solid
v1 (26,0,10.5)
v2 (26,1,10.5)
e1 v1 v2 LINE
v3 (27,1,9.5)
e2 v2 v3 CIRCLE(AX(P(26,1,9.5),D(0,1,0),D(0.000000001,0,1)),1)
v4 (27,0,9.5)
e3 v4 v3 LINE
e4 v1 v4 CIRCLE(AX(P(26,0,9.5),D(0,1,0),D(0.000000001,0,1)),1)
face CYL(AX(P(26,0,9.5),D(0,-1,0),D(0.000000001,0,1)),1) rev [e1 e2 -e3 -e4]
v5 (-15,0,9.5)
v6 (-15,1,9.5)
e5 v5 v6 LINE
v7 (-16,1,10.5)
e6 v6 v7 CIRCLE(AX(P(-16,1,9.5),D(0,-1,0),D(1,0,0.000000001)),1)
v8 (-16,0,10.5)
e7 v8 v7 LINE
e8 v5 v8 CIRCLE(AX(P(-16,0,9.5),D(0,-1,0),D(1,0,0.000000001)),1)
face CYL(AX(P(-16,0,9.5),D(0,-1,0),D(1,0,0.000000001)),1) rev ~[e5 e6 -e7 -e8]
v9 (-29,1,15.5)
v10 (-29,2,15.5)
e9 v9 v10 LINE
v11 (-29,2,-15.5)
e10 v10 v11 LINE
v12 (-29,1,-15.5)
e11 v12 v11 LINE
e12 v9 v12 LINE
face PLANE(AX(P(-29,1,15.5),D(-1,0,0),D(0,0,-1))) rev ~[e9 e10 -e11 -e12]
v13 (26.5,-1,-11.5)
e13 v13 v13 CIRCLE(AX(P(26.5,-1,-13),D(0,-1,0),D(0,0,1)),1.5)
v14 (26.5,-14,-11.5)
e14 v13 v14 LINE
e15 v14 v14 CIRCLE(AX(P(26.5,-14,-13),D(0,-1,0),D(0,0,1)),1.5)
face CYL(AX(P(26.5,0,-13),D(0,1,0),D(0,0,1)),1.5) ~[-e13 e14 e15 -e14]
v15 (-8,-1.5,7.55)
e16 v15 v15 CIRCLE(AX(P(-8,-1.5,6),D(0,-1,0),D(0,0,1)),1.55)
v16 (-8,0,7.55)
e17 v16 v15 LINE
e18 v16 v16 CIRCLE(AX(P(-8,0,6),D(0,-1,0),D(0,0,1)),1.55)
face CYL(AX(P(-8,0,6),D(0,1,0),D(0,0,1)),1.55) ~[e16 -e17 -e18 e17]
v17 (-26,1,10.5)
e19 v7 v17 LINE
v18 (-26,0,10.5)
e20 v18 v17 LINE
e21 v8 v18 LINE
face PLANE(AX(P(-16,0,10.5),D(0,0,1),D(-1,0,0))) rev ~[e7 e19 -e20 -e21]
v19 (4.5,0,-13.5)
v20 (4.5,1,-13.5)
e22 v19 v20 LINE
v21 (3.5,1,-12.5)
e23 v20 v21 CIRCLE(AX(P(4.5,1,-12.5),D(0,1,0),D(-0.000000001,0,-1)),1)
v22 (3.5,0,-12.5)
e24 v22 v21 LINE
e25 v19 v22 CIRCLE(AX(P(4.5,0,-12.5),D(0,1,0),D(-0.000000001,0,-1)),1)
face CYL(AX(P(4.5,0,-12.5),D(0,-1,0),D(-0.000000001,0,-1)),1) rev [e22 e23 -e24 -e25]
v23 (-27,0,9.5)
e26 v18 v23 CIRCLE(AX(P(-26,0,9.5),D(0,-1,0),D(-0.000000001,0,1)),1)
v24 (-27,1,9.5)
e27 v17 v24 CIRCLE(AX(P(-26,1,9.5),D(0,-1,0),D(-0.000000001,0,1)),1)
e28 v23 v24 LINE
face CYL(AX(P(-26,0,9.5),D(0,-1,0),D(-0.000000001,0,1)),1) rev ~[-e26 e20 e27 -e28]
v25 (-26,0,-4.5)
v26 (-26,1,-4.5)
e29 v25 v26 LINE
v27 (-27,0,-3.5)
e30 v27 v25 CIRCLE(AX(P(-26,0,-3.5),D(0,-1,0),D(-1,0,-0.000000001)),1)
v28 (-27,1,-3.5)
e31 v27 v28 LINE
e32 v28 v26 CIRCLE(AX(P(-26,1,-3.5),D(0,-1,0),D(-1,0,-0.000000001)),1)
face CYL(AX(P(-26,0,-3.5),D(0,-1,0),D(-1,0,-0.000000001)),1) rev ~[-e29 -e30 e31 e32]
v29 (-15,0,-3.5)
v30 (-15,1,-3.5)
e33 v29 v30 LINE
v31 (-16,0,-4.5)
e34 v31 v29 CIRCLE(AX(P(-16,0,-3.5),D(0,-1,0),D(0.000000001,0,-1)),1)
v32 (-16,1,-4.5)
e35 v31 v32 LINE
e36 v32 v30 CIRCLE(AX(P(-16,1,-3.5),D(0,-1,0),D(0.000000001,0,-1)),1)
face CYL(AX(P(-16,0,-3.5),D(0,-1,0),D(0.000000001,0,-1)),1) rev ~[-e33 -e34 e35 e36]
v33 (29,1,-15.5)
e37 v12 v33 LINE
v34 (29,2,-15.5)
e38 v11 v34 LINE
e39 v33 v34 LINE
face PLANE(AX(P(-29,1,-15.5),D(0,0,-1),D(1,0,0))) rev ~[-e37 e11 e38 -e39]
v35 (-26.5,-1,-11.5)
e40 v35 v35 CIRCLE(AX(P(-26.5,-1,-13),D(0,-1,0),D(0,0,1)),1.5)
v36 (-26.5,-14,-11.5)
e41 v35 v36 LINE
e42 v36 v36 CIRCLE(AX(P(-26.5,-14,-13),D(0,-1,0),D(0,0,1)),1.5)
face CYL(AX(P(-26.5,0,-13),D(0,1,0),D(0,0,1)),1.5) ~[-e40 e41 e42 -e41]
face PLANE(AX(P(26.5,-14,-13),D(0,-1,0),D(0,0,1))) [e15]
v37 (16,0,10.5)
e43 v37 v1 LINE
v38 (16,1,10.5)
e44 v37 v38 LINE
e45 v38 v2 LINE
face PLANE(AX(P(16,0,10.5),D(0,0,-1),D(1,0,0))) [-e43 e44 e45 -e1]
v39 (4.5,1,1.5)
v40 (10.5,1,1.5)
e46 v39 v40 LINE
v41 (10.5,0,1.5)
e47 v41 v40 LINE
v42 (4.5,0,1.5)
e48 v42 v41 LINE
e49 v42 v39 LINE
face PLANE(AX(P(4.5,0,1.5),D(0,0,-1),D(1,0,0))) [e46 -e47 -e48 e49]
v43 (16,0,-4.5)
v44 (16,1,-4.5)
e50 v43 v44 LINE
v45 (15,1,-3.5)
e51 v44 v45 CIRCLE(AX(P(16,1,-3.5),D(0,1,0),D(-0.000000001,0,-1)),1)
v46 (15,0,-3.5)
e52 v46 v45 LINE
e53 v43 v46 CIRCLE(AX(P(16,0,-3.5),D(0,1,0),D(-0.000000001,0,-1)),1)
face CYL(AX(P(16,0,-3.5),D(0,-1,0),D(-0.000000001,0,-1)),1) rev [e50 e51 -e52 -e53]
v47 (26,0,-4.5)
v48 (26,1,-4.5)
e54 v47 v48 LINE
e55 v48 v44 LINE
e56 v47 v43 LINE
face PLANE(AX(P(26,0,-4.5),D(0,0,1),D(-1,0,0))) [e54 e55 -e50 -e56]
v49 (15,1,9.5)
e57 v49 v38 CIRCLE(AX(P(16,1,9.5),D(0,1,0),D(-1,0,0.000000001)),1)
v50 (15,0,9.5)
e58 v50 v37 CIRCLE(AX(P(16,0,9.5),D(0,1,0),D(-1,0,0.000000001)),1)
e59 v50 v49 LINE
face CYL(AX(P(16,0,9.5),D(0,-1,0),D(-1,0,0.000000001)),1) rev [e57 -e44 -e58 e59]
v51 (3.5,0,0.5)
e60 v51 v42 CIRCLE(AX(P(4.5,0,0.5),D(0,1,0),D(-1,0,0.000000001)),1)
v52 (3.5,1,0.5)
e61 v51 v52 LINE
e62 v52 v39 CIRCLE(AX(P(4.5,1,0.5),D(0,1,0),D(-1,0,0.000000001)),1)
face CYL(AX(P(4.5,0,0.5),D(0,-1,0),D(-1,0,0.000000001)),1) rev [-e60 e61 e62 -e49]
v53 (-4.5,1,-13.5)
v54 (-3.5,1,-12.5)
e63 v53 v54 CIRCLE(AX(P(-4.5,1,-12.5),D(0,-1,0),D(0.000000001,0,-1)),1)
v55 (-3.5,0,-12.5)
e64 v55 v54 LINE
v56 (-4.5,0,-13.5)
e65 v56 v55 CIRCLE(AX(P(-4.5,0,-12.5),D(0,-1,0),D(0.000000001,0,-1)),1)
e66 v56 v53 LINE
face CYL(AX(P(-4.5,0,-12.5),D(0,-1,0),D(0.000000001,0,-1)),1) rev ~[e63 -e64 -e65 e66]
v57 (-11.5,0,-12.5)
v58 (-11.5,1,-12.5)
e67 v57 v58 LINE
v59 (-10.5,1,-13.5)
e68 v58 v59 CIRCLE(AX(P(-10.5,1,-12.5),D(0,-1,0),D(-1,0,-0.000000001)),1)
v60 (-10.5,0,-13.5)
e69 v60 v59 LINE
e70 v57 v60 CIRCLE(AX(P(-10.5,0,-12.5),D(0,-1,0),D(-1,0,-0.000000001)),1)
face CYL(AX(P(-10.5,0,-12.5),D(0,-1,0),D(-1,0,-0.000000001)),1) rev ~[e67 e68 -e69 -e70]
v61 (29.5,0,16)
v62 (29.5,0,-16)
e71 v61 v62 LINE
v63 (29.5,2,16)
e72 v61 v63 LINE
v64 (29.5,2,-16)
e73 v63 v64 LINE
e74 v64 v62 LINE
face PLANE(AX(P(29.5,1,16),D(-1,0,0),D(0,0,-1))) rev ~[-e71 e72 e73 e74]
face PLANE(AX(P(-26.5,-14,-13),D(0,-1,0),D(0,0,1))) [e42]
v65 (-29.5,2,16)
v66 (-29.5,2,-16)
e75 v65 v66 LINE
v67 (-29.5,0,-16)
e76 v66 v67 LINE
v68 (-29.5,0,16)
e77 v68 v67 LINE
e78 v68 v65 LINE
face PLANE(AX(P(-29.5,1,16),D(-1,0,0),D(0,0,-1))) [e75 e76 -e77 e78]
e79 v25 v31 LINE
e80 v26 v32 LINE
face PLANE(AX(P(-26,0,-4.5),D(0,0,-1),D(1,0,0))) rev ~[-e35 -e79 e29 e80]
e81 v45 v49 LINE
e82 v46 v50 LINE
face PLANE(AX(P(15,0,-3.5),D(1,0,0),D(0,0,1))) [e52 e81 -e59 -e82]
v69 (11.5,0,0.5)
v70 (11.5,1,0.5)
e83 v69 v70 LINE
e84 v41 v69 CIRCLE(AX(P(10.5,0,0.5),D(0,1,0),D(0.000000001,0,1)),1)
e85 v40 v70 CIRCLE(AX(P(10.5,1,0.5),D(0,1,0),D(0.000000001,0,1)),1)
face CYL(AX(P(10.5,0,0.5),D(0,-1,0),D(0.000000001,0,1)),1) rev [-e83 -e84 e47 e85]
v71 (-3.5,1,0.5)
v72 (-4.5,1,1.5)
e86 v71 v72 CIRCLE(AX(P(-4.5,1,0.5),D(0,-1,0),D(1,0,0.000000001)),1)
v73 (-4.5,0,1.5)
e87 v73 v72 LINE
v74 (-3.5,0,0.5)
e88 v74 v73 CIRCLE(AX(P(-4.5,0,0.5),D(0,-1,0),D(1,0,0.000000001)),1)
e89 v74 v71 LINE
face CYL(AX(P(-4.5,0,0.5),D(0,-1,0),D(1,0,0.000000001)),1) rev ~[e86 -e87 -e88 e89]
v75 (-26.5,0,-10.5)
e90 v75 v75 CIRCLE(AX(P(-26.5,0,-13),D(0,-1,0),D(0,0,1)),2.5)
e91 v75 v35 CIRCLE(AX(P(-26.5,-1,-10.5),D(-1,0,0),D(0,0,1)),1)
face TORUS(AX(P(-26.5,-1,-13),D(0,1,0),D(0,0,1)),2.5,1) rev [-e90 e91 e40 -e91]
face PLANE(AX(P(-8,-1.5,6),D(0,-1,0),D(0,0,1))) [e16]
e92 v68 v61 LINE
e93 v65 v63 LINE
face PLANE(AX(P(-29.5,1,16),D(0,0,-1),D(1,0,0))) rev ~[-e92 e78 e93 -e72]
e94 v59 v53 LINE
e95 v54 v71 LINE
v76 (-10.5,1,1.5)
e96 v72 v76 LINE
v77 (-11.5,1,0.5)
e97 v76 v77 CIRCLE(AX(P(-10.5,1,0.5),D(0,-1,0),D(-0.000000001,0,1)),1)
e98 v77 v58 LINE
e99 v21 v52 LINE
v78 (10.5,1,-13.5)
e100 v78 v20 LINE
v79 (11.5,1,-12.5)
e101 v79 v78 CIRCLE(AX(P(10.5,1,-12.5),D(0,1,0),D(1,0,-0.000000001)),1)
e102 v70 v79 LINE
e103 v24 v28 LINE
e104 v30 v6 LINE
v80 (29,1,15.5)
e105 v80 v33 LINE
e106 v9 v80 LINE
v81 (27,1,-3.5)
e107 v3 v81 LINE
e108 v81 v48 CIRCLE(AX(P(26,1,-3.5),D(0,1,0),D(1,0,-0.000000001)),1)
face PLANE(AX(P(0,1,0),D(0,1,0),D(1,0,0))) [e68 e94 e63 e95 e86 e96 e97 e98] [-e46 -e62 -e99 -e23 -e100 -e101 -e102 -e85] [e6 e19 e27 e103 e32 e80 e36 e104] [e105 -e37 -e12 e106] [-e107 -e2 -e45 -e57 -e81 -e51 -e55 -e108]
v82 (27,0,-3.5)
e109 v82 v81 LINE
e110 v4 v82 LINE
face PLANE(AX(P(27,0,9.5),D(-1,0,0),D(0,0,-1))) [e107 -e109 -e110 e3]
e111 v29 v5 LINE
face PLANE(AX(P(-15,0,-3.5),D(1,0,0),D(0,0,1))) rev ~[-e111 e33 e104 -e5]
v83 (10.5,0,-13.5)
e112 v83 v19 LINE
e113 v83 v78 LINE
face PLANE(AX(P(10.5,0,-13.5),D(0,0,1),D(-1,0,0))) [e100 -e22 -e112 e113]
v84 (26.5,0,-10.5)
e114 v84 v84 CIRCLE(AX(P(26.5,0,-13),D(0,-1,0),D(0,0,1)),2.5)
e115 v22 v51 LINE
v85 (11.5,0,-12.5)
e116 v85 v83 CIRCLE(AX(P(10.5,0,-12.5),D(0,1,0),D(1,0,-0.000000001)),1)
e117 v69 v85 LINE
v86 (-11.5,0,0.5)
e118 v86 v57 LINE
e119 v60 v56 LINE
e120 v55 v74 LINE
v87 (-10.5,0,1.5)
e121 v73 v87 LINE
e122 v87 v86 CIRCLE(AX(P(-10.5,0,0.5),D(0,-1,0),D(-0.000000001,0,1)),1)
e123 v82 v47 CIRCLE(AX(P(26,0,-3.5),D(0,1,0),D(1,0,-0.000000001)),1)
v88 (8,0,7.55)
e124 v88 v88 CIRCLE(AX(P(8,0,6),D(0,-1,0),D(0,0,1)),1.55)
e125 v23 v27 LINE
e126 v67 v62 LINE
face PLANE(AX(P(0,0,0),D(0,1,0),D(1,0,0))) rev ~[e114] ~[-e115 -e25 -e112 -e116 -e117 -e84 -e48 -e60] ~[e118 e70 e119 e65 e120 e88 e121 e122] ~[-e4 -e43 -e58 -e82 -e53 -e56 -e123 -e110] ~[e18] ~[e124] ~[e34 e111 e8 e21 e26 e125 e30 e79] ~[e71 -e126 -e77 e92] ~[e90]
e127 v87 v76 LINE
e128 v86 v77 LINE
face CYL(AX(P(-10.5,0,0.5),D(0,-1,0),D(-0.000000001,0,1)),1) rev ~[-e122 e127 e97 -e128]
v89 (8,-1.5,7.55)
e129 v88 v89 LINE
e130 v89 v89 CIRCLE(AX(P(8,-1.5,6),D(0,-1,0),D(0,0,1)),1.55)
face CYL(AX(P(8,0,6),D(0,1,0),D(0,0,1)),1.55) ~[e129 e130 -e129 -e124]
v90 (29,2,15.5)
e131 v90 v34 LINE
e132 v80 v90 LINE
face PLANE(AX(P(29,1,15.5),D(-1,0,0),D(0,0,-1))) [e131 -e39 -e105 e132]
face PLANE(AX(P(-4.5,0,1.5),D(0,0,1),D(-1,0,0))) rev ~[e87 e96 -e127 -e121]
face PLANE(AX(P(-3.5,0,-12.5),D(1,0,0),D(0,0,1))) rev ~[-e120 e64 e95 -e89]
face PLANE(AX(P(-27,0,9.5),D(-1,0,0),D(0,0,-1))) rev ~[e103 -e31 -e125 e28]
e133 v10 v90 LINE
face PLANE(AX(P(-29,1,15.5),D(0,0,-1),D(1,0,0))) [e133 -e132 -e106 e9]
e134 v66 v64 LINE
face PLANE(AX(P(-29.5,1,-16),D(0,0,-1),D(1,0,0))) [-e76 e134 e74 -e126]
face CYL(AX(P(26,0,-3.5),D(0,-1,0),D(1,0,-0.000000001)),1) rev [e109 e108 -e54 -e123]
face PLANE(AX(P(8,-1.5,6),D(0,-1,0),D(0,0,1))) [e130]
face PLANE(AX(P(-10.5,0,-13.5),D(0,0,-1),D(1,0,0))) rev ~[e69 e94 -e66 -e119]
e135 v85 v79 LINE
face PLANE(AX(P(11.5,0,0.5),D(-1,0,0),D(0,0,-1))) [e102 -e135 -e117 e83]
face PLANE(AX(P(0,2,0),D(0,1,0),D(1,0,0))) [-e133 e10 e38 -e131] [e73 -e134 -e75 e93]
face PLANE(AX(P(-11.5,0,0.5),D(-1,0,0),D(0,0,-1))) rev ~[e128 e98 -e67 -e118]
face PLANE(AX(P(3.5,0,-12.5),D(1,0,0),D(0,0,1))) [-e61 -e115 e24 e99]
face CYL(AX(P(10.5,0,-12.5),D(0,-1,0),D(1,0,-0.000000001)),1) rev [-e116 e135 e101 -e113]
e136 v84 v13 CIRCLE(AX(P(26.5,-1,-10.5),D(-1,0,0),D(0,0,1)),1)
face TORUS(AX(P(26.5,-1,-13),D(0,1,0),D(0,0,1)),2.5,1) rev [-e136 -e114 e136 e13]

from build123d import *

# Parameters (mm, degrees)
SKIZZE1_W                       = 59
SKIZZE1_H                       = 32
AUFSATZ_LINEAR_AUSTRAGEN1_DEPTH = 1
SKIZZE3_W                       = 59
SKIZZE3_H                       = 32
SKIZZE3_W_2                     = 58
SKIZZE3_H_2                     = 31
AUFSATZ_LINEAR_AUSTRAGEN2_DEPTH = 1
SKIZZE4_R                       = 1.55
AUFSATZ_LINEAR_AUSTRAGEN3_DEPTH = 1.5
SKIZZE5_R                       = 1.5
AUFSATZ_LINEAR_AUSTRAGEN4_DEPTH = 14
VERRUNDUNG3_R                   = 1
SCHNITT_LINEAR_AUSTRAGEN2_DEPTH = 1


with BuildPart() as part:
    # Skizze1 → Aufsatz-Linear austragen1 (new body)
    with BuildSketch(Plane(origin=(0, 0, 0), x_dir=(1, 0, 0), z_dir=(0, 1, 0))):
        Rectangle(SKIZZE1_W, SKIZZE1_H)
    extrude(amount=AUFSATZ_LINEAR_AUSTRAGEN1_DEPTH)

    # Skizze3 → Aufsatz-Linear austragen2 (add)
    with BuildSketch(Plane(origin=(0, 1, 0), x_dir=(1, 0, 0), z_dir=(0, 1, 0))):
        Rectangle(SKIZZE3_W, SKIZZE3_H)
        Rectangle(SKIZZE3_W_2, SKIZZE3_H_2, mode=Mode.SUBTRACT)
    extrude(amount=AUFSATZ_LINEAR_AUSTRAGEN2_DEPTH)

    # Skizze4 → Aufsatz-Linear austragen3 (add)
    with BuildSketch(Plane.XZ):
        with Locations(Location((8, 6, 0), (0, 0, 90))):
            Circle(SKIZZE4_R)
        with Locations(Location((-8, 6, 0), (0, 0, 90))):
            Circle(SKIZZE4_R)
    extrude(amount=AUFSATZ_LINEAR_AUSTRAGEN3_DEPTH)

    # Skizze5 → Aufsatz-Linear austragen4 (add)
    with BuildSketch(Plane.XZ):
        with Locations(Location((26.5, -13, 0), (0, 0, 90))):
            Circle(SKIZZE5_R)
        with Locations(Location((-26.5, -13, 0), (0, 0, 90))):
            Circle(SKIZZE5_R)
    extrude(amount=AUFSATZ_LINEAR_AUSTRAGEN4_DEPTH)

    # Verrundung3
    verrundung3_edges = [part.edges().sort_by_distance(p)[0] for p in [
        (26.5, 0, -14.5),
        (-26.5, 0, -14.5),
    ]]
    fillet(verrundung3_edges, radius=VERRUNDUNG3_R)

    # Skizze6 → Schnitt-Linear austragen2 (cut)
    with BuildSketch(Plane.XZ):
        with BuildLine():
            Line((16, 10.5), (26, 10.5))
            ThreePointArc((26, 10.5), (26.707106781, 10.207106781), (27, 9.5))
            Line((27, 9.5), (27, -3.5))
            ThreePointArc((27, -3.5), (26.707106781, -4.207106781), (26, -4.5))
            Line((26, -4.5), (16, -4.5))
            ThreePointArc((16, -4.5), (15.292893219, -4.207106781), (15, -3.5))
            Line((15, -3.5), (15, 9.5))
            ThreePointArc((15, 9.5), (15.292893219, 10.207106781), (16, 10.5))
        make_face()
        with BuildLine():
            Line((4.5, 1.5), (10.5, 1.5))
            ThreePointArc((10.5, 1.5), (11.207106781, 1.207106781), (11.5, 0.5))
            Line((11.5, 0.5), (11.5, -12.5))
            ThreePointArc((11.5, -12.5), (11.207106781, -13.207106781), (10.5, -13.5))
            Line((10.5, -13.5), (4.5, -13.5))
            ThreePointArc((4.5, -13.5), (3.792893219, -13.207106781), (3.5, -12.5))
            Line((3.5, -12.5), (3.5, 0.5))
            ThreePointArc((3.5, 0.5), (3.792893219, 1.207106781), (4.5, 1.5))
        make_face()
        with BuildLine():
            Line((-11.5, 0.5), (-11.5, -12.5))
            ThreePointArc((-11.5, -12.5), (-11.207106781, -13.207106781), (-10.5, -13.5))
            Line((-10.5, -13.5), (-4.5, -13.5))
            ThreePointArc((-4.5, -13.5), (-3.792893219, -13.207106781), (-3.5, -12.5))
            Line((-3.5, -12.5), (-3.5, 0.5))
            ThreePointArc((-3.5, 0.5), (-3.792893219, 1.207106781), (-4.5, 1.5))
            Line((-4.5, 1.5), (-10.5, 1.5))
            ThreePointArc((-10.5, 1.5), (-11.207106781, 1.207106781), (-11.5, 0.5))
        make_face()
        with BuildLine():
            Line((-27, 9.5), (-27, -3.5))
            ThreePointArc((-27, -3.5), (-26.707106781, -4.207106781), (-26, -4.5))
            Line((-26, -4.5), (-16, -4.5))
            ThreePointArc((-16, -4.5), (-15.292893219, -4.207106781), (-15, -3.5))
            Line((-15, -3.5), (-15, 9.5))
            ThreePointArc((-15, 9.5), (-15.292893219, 10.207106781), (-16, 10.5))
            Line((-16, 10.5), (-26, 10.5))
            ThreePointArc((-26, 10.5), (-26.707106781, 10.207106781), (-27, 9.5))
        make_face()
    extrude(amount=-SCHNITT_LINEAR_AUSTRAGEN2_DEPTH, mode=Mode.SUBTRACT)


solid = part.part
